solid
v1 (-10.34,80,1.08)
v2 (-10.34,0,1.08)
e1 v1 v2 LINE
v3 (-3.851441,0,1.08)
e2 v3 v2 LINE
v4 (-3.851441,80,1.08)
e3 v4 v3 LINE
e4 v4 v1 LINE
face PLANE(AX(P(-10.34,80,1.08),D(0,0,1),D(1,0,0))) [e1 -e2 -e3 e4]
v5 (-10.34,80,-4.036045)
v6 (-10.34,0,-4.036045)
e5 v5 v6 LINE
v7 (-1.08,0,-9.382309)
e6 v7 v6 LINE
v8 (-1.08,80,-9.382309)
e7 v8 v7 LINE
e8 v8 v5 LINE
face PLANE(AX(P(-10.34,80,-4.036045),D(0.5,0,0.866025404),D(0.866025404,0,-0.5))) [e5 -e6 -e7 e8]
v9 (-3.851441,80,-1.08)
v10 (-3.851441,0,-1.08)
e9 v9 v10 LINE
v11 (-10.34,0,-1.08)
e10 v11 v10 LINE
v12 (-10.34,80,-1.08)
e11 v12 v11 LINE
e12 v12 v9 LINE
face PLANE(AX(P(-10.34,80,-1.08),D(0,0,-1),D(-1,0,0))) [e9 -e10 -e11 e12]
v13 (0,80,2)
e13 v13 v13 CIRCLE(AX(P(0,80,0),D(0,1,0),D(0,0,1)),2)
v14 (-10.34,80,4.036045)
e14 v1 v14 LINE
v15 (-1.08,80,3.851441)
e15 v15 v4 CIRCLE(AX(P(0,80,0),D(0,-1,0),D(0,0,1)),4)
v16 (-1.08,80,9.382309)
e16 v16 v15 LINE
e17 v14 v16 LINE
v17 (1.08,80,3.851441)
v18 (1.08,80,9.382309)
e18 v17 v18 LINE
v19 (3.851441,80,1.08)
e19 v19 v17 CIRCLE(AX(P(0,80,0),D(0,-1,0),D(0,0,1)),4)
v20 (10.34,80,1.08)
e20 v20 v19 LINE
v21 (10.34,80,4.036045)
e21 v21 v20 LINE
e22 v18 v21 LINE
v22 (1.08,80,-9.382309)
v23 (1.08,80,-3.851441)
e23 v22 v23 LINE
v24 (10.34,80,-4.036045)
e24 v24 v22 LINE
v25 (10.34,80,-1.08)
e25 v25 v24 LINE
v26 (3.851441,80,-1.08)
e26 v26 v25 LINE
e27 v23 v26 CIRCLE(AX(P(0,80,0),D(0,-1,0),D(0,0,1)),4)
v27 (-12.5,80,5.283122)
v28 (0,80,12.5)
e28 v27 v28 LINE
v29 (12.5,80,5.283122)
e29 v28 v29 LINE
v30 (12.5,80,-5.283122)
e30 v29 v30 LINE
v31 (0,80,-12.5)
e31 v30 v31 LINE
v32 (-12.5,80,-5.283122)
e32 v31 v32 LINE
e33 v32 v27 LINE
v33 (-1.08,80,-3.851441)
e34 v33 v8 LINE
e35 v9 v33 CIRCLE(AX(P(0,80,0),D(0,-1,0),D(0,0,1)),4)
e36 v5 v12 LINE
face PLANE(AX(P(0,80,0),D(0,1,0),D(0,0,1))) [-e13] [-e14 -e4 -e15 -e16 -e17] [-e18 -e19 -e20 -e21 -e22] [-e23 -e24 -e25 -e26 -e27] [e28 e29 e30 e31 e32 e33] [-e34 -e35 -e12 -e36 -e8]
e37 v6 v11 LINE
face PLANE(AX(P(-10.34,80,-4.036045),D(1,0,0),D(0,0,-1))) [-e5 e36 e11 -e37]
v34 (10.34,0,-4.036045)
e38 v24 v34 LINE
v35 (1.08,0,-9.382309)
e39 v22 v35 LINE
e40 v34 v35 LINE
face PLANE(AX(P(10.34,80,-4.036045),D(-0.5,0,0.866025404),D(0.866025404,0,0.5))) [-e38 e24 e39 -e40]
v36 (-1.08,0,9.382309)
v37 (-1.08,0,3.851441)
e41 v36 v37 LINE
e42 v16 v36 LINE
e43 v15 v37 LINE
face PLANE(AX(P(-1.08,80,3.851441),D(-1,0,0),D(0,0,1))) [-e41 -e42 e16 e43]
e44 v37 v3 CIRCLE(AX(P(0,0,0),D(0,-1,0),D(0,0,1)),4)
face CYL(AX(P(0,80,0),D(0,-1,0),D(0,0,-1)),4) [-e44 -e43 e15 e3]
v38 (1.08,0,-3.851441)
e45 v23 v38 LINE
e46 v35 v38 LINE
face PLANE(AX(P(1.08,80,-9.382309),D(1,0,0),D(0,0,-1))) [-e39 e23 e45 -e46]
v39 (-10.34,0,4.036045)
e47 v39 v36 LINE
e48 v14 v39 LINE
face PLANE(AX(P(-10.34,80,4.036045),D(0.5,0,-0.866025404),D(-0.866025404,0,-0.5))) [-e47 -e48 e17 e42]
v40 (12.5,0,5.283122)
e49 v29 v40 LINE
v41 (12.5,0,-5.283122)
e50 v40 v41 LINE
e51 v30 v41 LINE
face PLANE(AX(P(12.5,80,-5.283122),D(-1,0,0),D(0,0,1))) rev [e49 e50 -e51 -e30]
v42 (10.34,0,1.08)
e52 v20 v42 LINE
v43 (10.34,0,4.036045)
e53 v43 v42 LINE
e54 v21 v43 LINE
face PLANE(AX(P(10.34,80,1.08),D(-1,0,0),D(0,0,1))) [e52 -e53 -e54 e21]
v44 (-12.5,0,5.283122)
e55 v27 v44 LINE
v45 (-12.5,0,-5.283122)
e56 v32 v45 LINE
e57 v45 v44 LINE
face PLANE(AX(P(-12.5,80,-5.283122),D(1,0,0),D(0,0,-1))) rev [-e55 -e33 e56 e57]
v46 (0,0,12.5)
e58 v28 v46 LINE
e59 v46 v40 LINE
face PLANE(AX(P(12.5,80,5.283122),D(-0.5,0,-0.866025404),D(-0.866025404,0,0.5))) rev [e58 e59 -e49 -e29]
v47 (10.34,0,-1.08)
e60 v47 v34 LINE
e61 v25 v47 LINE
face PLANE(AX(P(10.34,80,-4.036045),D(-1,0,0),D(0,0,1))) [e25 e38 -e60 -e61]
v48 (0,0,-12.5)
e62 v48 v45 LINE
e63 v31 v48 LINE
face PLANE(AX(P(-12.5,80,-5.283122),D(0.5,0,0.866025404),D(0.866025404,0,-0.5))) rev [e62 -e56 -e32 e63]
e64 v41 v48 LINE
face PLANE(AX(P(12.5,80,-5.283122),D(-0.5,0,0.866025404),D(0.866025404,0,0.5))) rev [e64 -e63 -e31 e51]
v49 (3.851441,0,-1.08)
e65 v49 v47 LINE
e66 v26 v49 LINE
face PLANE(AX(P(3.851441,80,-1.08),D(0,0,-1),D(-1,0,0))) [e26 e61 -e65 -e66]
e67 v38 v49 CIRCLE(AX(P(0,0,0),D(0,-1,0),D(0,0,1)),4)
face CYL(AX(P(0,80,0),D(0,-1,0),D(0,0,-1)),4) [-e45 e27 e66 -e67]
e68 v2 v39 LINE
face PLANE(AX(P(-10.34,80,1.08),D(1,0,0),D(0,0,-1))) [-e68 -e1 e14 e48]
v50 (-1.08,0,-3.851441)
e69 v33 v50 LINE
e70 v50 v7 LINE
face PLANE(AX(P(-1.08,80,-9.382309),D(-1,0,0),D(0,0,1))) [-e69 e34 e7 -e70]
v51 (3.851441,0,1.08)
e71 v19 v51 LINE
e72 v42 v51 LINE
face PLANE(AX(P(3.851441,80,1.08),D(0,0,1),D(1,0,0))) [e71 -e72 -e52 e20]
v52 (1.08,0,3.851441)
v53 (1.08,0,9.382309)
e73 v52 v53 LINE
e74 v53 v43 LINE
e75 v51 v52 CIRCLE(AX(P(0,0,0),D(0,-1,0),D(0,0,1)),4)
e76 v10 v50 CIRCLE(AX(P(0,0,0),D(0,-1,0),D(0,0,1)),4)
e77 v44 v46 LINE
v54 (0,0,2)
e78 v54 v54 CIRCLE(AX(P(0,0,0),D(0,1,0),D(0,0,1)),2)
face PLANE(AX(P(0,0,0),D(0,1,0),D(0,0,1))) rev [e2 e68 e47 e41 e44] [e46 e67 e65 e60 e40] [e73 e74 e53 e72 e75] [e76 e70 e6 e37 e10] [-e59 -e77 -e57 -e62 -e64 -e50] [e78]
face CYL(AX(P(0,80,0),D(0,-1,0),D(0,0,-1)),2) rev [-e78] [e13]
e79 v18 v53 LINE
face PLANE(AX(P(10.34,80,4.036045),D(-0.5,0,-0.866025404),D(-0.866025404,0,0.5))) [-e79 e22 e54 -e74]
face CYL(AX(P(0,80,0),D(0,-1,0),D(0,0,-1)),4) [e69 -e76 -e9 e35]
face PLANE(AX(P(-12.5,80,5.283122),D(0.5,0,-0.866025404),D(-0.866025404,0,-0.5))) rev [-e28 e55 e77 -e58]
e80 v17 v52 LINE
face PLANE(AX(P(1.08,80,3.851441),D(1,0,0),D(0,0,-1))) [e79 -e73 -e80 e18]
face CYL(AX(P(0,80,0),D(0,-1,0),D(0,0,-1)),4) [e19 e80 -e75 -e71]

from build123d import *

# Parameters (mm, degrees)
SKETCH1_R           = 2
BOSS_EXTRUDE2_DEPTH = 80


with BuildPart() as part:
    # Sketch1 → Boss-Extrude2 (new body)
    with BuildSketch(Plane(origin=(0, 0, 0), x_dir=(1, 0, 0), z_dir=(0, 1, 0))):
        Polygon((-12.5, 5.283121635), (-12.5, -5.283121635), (0, -12.5), (12.5, -5.283121635), (12.5, 5.283121635), (0, 12.5), align=None)
        Circle(SKETCH1_R, mode=Mode.SUBTRACT)
        with BuildLine():
            Line((-1.08, 9.382308546), (-1.08, 3.851441289))
            ThreePointArc((-1.08, 3.851441289), (-2.828427125, 2.828427125), (-3.851441289, 1.08))
            Line((-3.851441289, 1.08), (-10.34, 1.08))
            Line((-10.34, 1.08), (-10.34, 4.036045054))
            Line((-10.34, 4.036045054), (-1.08, 9.382308546))
        make_face(mode=Mode.SUBTRACT)
        with BuildLine():
            Line((1.08, 9.382308546), (1.08, 3.851441289))
            ThreePointArc((1.08, 3.851441289), (2.828427125, 2.828427125), (3.851441289, 1.08))
            Line((3.851441289, 1.08), (10.34, 1.08))
            Line((10.34, 1.08), (10.34, 4.036045054))
            Line((10.34, 4.036045054), (1.08, 9.382308546))
        make_face(mode=Mode.SUBTRACT)
        with BuildLine():
            Line((-10.34, -1.08), (-3.851441289, -1.08))
            ThreePointArc((-3.851441289, -1.08), (-2.828427125, -2.828427125), (-1.08, -3.851441289))
            Line((-1.08, -3.851441289), (-1.08, -9.382308546))
            Line((-1.08, -9.382308546), (-10.34, -4.036045054))
            Line((-10.34, -4.036045054), (-10.34, -1.08))
        make_face(mode=Mode.SUBTRACT)
        with BuildLine():
            Line((1.08, -3.851441289), (1.08, -9.382308546))
            Line((1.08, -9.382308546), (10.34, -4.036045054))
            Line((10.34, -4.036045054), (10.34, -1.08))
            Line((10.34, -1.08), (3.851441289, -1.08))
            ThreePointArc((3.851441289, -1.08), (2.828427125, -2.828427125), (1.08, -3.851441289))
        make_face(mode=Mode.SUBTRACT)
    extrude(amount=BOSS_EXTRUDE2_DEPTH)


solid = part.part
